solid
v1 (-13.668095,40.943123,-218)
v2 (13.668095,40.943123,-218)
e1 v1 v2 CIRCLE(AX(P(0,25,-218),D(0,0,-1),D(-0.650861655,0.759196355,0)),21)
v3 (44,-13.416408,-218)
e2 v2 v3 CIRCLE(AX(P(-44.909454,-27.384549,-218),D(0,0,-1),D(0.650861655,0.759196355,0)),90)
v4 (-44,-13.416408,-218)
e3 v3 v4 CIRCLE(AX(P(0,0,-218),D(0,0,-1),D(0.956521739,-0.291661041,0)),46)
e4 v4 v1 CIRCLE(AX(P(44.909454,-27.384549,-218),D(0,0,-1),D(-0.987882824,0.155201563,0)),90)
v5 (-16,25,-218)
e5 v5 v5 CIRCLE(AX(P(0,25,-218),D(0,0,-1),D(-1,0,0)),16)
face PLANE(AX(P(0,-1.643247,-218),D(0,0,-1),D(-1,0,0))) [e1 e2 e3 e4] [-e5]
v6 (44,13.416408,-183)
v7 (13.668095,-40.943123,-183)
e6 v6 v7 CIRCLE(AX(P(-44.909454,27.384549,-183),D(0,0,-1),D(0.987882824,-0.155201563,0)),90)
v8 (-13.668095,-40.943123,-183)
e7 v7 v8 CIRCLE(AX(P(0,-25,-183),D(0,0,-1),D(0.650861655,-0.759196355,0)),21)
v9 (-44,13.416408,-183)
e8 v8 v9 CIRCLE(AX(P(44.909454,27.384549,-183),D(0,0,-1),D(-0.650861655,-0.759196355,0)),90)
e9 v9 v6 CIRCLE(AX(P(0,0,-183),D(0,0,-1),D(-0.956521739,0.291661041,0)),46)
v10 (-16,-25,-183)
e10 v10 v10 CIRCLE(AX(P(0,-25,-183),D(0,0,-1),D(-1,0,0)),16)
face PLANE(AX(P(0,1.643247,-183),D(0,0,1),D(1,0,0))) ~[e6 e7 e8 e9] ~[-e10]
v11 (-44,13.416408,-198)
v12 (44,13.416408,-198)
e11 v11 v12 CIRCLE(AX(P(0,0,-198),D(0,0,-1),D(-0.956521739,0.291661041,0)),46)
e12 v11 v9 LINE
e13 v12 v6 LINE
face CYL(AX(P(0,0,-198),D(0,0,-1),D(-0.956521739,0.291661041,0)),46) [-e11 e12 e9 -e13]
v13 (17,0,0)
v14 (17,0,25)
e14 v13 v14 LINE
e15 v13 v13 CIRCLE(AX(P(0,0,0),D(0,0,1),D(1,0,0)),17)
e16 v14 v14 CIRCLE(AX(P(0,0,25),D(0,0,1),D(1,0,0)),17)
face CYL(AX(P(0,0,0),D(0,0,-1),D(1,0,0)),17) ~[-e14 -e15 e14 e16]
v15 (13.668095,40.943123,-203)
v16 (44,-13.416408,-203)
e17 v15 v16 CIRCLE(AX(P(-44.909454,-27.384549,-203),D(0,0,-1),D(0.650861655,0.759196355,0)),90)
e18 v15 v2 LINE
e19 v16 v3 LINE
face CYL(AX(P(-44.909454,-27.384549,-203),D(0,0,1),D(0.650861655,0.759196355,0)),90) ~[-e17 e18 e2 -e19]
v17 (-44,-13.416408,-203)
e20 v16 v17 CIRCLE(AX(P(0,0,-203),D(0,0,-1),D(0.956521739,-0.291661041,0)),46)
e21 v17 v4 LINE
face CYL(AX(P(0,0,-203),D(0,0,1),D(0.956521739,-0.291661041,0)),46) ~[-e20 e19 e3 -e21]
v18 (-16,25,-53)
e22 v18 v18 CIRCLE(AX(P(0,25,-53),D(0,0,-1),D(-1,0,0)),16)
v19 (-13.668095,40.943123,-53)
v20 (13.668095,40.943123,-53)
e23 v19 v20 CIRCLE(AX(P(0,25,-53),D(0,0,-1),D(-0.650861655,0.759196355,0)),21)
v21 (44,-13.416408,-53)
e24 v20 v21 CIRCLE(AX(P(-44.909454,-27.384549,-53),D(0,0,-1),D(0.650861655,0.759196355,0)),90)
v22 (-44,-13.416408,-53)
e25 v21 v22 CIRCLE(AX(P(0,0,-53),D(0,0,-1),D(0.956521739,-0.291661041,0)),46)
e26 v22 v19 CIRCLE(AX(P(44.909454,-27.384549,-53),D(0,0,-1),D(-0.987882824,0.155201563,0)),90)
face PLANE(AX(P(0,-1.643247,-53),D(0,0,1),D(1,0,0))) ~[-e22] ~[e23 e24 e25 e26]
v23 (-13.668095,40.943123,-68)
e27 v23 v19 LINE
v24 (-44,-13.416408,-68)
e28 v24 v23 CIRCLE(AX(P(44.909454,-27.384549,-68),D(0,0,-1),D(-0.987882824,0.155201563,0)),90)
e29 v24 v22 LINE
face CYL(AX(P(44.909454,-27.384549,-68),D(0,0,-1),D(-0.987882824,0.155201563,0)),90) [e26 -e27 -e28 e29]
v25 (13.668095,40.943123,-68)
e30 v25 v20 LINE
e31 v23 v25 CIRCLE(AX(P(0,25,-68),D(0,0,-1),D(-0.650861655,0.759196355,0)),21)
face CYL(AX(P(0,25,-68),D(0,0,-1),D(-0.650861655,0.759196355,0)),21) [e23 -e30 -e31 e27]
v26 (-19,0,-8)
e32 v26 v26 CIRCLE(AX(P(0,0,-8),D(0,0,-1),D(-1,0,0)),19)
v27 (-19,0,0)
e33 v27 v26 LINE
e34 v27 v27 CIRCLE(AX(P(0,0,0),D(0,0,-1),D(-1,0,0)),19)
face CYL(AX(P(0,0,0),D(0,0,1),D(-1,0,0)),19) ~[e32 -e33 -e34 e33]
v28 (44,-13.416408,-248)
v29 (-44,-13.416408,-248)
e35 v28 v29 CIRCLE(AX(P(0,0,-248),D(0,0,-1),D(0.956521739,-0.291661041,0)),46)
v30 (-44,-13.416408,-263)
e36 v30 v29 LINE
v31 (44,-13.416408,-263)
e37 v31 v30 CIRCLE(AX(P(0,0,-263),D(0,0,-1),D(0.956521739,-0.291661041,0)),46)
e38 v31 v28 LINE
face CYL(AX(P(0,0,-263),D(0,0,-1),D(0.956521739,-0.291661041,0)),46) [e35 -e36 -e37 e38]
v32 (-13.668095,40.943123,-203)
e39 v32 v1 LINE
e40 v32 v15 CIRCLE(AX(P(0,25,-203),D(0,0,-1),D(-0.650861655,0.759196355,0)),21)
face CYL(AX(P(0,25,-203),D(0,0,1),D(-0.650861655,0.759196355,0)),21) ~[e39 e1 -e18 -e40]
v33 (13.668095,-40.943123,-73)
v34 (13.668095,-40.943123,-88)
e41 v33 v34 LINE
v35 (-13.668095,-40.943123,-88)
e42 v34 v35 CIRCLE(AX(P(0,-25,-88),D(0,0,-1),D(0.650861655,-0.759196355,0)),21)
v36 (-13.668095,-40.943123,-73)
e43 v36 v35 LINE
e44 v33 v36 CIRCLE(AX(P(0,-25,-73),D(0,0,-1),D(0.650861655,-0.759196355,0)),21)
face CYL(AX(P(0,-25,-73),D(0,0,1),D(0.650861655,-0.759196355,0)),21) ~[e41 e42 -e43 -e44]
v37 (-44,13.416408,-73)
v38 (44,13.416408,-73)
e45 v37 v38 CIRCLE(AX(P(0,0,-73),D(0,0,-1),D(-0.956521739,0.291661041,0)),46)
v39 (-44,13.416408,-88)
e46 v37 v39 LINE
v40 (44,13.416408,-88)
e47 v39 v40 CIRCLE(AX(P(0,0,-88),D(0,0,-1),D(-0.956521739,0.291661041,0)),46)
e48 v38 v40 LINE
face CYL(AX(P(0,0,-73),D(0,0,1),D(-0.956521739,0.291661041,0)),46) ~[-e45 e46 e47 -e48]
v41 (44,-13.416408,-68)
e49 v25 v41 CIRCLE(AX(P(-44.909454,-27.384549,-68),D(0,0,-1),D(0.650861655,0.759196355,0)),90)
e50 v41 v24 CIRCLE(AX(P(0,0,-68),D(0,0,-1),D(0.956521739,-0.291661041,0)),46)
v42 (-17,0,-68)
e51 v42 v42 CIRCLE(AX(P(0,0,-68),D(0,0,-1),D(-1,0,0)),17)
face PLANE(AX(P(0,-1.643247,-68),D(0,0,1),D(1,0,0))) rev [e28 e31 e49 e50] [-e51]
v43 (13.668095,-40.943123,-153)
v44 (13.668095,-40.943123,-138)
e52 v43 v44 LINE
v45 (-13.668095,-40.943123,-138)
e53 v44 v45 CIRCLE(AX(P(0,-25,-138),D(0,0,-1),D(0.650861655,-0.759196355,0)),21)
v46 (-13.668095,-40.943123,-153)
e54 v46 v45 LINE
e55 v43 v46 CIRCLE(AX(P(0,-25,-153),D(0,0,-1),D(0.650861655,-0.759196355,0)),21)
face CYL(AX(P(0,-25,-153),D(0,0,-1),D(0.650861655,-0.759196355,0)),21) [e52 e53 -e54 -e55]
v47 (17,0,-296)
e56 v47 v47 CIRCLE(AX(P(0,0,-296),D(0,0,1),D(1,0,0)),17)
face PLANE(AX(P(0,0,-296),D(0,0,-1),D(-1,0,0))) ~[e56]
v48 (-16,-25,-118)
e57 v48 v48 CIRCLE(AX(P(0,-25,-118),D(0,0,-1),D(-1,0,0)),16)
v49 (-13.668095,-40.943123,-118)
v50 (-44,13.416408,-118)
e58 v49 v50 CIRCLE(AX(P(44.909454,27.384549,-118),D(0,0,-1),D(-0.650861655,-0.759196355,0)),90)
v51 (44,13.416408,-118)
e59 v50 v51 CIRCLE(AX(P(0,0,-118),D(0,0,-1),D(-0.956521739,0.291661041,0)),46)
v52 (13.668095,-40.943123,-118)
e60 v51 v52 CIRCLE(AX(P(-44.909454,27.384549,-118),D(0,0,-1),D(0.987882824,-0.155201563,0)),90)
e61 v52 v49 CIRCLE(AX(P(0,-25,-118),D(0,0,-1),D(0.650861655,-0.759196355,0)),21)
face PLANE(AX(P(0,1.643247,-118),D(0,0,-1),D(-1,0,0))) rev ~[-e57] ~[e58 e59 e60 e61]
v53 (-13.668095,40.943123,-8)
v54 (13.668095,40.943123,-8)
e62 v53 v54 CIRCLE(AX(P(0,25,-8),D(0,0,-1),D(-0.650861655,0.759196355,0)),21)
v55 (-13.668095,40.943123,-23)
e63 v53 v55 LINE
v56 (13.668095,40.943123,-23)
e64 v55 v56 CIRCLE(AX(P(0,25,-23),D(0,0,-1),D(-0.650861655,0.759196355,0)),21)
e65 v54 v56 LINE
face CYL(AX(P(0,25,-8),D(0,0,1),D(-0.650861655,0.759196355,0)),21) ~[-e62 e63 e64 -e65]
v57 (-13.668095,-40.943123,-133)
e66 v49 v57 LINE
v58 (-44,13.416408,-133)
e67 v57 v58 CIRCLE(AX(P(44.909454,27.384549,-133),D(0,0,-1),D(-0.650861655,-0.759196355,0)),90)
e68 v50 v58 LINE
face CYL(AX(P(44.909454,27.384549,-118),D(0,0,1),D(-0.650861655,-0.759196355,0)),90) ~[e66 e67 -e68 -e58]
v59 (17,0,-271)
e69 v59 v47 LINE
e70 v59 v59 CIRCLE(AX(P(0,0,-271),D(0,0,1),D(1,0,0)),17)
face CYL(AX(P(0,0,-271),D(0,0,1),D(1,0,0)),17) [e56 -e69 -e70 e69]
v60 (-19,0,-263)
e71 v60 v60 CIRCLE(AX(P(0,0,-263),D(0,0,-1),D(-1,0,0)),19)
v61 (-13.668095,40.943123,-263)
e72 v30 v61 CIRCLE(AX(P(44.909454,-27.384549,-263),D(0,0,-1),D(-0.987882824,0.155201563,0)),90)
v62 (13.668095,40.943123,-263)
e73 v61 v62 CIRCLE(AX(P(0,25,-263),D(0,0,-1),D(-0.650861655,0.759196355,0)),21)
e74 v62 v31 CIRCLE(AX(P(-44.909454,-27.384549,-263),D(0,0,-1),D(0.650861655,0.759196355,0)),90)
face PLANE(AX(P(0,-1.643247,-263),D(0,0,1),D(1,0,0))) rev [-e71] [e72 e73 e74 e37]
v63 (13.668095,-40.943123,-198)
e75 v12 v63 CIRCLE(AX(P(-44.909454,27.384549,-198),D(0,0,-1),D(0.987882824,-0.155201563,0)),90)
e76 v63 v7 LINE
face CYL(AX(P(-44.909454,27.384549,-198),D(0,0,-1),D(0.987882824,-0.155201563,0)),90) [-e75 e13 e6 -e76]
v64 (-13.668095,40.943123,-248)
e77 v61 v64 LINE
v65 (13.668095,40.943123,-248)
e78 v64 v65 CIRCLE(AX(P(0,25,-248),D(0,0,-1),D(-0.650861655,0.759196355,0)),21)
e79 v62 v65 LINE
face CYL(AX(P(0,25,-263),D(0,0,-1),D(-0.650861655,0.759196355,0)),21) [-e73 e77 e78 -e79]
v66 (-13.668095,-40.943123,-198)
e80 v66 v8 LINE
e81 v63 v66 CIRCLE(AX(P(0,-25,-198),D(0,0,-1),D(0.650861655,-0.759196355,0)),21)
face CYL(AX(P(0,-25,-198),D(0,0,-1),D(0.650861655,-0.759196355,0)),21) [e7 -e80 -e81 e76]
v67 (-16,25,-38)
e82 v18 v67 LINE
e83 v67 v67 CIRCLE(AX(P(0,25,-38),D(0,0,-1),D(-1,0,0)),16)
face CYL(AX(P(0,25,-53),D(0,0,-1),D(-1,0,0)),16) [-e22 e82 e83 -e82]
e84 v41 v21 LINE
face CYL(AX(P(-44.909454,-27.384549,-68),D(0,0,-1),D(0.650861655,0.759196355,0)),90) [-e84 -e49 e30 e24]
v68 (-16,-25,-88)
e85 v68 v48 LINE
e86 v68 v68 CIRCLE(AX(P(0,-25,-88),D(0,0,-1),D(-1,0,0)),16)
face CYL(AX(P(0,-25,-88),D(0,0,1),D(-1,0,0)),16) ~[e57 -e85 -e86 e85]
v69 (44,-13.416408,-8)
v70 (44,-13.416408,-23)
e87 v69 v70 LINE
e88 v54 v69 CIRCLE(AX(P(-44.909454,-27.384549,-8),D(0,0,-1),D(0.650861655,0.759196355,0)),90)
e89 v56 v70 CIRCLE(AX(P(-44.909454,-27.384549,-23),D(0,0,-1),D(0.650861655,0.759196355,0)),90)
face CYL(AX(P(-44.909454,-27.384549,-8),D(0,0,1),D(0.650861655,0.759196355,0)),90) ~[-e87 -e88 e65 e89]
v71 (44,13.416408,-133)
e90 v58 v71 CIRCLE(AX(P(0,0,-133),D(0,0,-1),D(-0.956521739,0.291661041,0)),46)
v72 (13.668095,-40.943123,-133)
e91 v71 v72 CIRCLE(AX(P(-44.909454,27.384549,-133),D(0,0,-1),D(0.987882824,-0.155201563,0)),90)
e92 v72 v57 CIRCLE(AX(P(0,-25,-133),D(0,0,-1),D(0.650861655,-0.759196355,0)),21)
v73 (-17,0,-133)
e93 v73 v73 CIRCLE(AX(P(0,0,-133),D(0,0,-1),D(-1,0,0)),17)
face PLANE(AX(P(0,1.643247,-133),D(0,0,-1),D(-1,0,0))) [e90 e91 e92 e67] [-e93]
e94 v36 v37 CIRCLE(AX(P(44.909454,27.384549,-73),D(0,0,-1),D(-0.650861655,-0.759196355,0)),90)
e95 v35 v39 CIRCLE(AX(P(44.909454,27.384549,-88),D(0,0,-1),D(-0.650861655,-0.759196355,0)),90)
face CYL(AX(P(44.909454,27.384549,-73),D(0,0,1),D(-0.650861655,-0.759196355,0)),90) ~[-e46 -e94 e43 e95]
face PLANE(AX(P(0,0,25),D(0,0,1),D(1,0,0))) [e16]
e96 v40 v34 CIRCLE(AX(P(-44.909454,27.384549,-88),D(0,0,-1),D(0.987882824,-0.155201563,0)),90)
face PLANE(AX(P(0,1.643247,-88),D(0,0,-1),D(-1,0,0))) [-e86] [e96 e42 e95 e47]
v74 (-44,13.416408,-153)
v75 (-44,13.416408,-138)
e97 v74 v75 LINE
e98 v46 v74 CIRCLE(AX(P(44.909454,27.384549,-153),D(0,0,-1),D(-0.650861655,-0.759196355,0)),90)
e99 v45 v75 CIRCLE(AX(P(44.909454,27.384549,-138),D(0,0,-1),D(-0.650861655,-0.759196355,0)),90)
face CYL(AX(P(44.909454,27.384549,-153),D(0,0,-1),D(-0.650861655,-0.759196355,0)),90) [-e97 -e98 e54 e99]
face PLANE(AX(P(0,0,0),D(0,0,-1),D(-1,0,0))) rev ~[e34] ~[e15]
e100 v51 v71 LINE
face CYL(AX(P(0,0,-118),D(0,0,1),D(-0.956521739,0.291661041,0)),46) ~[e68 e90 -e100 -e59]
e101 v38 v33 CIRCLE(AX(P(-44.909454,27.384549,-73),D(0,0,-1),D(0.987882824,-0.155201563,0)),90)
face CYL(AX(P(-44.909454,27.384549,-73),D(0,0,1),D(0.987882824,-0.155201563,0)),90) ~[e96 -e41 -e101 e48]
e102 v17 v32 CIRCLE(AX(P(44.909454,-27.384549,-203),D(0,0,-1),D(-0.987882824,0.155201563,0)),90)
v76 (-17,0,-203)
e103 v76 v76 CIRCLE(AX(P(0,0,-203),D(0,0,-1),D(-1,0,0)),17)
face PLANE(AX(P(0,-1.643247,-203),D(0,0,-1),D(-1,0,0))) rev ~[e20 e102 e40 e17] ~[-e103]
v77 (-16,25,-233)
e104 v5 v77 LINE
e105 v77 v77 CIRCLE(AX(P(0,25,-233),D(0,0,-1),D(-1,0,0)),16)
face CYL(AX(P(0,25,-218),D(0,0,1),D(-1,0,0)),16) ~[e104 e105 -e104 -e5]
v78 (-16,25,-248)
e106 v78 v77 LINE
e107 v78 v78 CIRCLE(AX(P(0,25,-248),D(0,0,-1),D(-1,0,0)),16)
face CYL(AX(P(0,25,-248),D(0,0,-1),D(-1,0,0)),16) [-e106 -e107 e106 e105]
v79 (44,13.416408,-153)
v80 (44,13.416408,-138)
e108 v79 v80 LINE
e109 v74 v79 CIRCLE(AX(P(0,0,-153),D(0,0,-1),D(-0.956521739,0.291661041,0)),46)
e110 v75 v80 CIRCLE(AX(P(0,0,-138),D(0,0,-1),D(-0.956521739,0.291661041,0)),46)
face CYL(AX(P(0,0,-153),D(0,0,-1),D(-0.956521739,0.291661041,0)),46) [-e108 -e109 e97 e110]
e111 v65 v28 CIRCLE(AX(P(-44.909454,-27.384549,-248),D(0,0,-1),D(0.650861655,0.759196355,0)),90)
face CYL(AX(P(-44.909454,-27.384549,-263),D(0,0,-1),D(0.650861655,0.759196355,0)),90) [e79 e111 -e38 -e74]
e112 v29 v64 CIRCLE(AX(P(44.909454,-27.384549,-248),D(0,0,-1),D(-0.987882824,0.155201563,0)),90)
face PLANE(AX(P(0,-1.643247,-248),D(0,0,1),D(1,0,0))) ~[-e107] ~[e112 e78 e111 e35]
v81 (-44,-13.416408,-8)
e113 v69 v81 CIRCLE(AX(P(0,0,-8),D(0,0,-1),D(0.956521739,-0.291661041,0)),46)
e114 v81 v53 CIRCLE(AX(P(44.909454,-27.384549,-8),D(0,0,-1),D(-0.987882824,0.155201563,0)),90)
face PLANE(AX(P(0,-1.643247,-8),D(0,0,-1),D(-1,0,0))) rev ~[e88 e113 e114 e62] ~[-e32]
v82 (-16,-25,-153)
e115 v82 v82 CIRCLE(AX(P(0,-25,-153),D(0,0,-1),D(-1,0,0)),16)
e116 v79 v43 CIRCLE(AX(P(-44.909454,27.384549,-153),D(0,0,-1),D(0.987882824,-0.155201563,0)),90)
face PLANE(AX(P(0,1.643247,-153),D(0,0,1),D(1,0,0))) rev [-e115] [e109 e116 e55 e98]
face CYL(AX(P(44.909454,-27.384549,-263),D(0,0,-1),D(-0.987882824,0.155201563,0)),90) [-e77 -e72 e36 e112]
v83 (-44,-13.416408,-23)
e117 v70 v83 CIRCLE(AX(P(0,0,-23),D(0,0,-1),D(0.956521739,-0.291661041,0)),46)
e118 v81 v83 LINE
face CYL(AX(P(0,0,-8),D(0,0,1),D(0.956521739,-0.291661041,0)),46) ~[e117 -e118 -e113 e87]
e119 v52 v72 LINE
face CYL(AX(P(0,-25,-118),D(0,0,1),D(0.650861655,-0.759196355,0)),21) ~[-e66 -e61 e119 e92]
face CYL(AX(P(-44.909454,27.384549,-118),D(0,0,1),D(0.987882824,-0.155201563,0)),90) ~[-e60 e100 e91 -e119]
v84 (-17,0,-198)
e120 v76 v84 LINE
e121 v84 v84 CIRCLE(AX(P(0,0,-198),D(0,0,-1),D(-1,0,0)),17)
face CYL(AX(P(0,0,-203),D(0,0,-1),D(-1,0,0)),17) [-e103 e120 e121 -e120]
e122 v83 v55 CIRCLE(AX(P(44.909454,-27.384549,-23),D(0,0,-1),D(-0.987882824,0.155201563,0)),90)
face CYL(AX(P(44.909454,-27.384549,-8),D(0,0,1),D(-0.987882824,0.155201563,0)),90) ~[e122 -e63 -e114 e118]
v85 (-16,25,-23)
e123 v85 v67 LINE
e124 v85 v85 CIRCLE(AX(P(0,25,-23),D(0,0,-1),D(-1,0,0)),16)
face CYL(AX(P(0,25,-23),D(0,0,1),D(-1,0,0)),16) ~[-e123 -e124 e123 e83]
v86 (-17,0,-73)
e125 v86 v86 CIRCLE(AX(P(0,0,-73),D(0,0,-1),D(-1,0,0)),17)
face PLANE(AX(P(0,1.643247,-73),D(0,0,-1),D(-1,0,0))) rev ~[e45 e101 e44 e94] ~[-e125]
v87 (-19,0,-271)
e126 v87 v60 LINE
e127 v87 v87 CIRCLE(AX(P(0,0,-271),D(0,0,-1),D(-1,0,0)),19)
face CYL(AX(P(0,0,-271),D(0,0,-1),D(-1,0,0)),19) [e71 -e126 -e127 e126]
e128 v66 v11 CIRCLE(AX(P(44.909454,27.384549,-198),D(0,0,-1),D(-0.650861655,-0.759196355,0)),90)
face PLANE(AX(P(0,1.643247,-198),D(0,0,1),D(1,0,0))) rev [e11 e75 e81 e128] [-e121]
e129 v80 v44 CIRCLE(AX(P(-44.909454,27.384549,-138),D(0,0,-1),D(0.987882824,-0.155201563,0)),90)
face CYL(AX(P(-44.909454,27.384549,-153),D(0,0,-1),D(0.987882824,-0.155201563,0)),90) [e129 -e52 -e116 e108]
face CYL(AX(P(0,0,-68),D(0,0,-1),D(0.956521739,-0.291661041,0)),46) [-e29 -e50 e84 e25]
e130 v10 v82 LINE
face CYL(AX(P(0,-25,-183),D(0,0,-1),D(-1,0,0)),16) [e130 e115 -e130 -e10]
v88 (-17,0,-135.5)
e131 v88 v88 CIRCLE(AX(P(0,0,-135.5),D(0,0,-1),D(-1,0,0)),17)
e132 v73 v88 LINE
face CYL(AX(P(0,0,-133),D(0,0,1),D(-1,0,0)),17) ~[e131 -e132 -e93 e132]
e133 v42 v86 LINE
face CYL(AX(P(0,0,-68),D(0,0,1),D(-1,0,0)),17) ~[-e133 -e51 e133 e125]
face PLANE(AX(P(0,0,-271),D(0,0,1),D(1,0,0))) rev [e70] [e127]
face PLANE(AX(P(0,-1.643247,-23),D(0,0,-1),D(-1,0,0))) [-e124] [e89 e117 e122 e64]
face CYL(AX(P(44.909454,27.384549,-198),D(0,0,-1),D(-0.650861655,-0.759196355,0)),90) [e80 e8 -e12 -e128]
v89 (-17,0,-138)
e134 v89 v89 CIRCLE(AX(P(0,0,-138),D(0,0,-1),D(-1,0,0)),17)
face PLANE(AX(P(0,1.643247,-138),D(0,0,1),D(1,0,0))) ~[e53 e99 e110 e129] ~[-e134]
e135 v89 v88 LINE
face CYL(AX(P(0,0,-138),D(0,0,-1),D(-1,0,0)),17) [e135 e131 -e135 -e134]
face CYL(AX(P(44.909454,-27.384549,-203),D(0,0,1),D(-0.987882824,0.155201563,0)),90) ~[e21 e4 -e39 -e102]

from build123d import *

# Parameters (mm, degrees)
SKETCH1_R           = 17
BOSS_EXTRUDE1_DEPTH = 25
SKETCH2_R           = 19
BOSS_EXTRUDE2_DEPTH = 8
BOSS_EXTRUDE3_DEPTH = 15
SKETCH4_R           = 16
BOSS_EXTRUDE4_DEPTH = 15
SKETCH5_R           = 17
BOSS_EXTRUDE5_DEPTH = 5
BOSS_EXTRUDE6_DEPTH = 15
SKETCH7_R           = 16
BOSS_EXTRUDE7_DEPTH = 30
BOSS_EXTRUDE8_DEPTH = 15
SKETCH9_R           = 17
BOSS_EXTRUDE9_DEPTH = 2.5


with BuildPart() as part:
    # Sketch1 → Boss-Extrude1 (new body)
    with BuildSketch(Plane.XY):
        Circle(SKETCH1_R)
    extrude(amount=BOSS_EXTRUDE1_DEPTH)

    # Sketch2 → Boss-Extrude2 (add)
    with BuildSketch(Plane(origin=(0, 0, 0), x_dir=(-1, 0, 0), z_dir=(0, 0, -1))):
        Circle(SKETCH2_R)
    extrude(amount=BOSS_EXTRUDE2_DEPTH)

    # Sketch3 → Boss-Extrude3 (add)
    with BuildSketch(Plane(origin=(0, 0, -8), x_dir=(-1, 0, 0), z_dir=(0, 0, -1))):
        with BuildLine():
            ThreePointArc((-44, -13.416407865), (0, -46), (44, -13.416407865))
            ThreePointArc((44, -13.416407865), (33.683444249, 16.469257624), (13.668094758, 40.943123461))
            ThreePointArc((13.668094758, 40.943123461), (0, 46), (-13.668094758, 40.943123461))
            ThreePointArc((-13.668094758, 40.943123461), (-33.683444249, 16.469257624), (-44, -13.416407865))
        make_face()
    boss_extrude3 = extrude(amount=BOSS_EXTRUDE3_DEPTH)

    # Sketch4 → Boss-Extrude4 (add)
    with BuildSketch(Plane(origin=(0, 0, -23), x_dir=(-1, 0, 0), z_dir=(0, 0, -1))):
        with Locations((0, 25)):
            Circle(SKETCH4_R)
    boss_extrude4 = extrude(amount=BOSS_EXTRUDE4_DEPTH)

    # Mirror2: Boss-Extrude3, Boss-Extrude4 across plane
    add(boss_extrude3.mirror(Plane(origin=(0, 25, -38), x_dir=(1, 0, 0), z_dir=(0, 0, -1))))
    add(boss_extrude4.mirror(Plane(origin=(0, 25, -38), x_dir=(1, 0, 0), z_dir=(0, 0, -1))))

    # Sketch5 → Boss-Extrude5 (add)
    with BuildSketch(Plane(origin=(0, 0, -68), x_dir=(-1, 0, 0), z_dir=(0, 0, -1))):
        Circle(SKETCH5_R)
    extrude(amount=BOSS_EXTRUDE5_DEPTH)

    # Sketch6 → Boss-Extrude6 (add)
    with BuildSketch(Plane(origin=(0, 0, -73), x_dir=(-1, 0, 0), z_dir=(0, 0, -1))):
        with BuildLine():
            ThreePointArc((44, 13.416407865), (0, 46), (-44, 13.416407865))
            ThreePointArc((-44, 13.416407865), (-33.683444249, -16.469257624), (-13.668094758, -40.943123461))
            ThreePointArc((-13.668094758, -40.943123461), (0, -46), (13.668094758, -40.943123461))
            ThreePointArc((13.668094758, -40.943123461), (33.683444249, -16.469257624), (44, 13.416407865))
        make_face()
    extrude(amount=BOSS_EXTRUDE6_DEPTH)

    # Sketch7 → Boss-Extrude7 (add)
    with BuildSketch(Plane(origin=(0, 0, -88), x_dir=(-1, 0, 0), z_dir=(0, 0, -1))):
        with Locations((0, -25)):
            Circle(SKETCH7_R)
    extrude(amount=BOSS_EXTRUDE7_DEPTH)

    # Sketch8 → Boss-Extrude8 (add)
    with BuildSketch(Plane(origin=(0, 0, -118), x_dir=(-1, 0, 0), z_dir=(0, 0, -1))):
        with BuildLine():
            ThreePointArc((44, 13.416407865), (0, 46), (-44, 13.416407865))
            ThreePointArc((-44, 13.416407865), (-33.683444249, -16.469257624), (-13.668094758, -40.943123461))
            ThreePointArc((-13.668094758, -40.943123461), (0, -46), (13.668094758, -40.943123461))
            ThreePointArc((13.668094758, -40.943123461), (33.683444249, -16.469257624), (44, 13.416407865))
        make_face()
    extrude(amount=BOSS_EXTRUDE8_DEPTH)

    # Sketch9 → Boss-Extrude9 (add)
    with BuildSketch(Plane(origin=(0, 0, -133), x_dir=(-1, 0, 0), z_dir=(0, 0, -1))):
        Circle(SKETCH9_R)
    extrude(amount=BOSS_EXTRUDE9_DEPTH)

    # Mirror3: part across plane


with BuildPart() as part_1:
    add(part.part)
    add(part.part.mirror(Plane(origin=(0, 0, -135.5), x_dir=(1, 0, 0), z_dir=(0, 0, -1))))


solid = part_1.part
